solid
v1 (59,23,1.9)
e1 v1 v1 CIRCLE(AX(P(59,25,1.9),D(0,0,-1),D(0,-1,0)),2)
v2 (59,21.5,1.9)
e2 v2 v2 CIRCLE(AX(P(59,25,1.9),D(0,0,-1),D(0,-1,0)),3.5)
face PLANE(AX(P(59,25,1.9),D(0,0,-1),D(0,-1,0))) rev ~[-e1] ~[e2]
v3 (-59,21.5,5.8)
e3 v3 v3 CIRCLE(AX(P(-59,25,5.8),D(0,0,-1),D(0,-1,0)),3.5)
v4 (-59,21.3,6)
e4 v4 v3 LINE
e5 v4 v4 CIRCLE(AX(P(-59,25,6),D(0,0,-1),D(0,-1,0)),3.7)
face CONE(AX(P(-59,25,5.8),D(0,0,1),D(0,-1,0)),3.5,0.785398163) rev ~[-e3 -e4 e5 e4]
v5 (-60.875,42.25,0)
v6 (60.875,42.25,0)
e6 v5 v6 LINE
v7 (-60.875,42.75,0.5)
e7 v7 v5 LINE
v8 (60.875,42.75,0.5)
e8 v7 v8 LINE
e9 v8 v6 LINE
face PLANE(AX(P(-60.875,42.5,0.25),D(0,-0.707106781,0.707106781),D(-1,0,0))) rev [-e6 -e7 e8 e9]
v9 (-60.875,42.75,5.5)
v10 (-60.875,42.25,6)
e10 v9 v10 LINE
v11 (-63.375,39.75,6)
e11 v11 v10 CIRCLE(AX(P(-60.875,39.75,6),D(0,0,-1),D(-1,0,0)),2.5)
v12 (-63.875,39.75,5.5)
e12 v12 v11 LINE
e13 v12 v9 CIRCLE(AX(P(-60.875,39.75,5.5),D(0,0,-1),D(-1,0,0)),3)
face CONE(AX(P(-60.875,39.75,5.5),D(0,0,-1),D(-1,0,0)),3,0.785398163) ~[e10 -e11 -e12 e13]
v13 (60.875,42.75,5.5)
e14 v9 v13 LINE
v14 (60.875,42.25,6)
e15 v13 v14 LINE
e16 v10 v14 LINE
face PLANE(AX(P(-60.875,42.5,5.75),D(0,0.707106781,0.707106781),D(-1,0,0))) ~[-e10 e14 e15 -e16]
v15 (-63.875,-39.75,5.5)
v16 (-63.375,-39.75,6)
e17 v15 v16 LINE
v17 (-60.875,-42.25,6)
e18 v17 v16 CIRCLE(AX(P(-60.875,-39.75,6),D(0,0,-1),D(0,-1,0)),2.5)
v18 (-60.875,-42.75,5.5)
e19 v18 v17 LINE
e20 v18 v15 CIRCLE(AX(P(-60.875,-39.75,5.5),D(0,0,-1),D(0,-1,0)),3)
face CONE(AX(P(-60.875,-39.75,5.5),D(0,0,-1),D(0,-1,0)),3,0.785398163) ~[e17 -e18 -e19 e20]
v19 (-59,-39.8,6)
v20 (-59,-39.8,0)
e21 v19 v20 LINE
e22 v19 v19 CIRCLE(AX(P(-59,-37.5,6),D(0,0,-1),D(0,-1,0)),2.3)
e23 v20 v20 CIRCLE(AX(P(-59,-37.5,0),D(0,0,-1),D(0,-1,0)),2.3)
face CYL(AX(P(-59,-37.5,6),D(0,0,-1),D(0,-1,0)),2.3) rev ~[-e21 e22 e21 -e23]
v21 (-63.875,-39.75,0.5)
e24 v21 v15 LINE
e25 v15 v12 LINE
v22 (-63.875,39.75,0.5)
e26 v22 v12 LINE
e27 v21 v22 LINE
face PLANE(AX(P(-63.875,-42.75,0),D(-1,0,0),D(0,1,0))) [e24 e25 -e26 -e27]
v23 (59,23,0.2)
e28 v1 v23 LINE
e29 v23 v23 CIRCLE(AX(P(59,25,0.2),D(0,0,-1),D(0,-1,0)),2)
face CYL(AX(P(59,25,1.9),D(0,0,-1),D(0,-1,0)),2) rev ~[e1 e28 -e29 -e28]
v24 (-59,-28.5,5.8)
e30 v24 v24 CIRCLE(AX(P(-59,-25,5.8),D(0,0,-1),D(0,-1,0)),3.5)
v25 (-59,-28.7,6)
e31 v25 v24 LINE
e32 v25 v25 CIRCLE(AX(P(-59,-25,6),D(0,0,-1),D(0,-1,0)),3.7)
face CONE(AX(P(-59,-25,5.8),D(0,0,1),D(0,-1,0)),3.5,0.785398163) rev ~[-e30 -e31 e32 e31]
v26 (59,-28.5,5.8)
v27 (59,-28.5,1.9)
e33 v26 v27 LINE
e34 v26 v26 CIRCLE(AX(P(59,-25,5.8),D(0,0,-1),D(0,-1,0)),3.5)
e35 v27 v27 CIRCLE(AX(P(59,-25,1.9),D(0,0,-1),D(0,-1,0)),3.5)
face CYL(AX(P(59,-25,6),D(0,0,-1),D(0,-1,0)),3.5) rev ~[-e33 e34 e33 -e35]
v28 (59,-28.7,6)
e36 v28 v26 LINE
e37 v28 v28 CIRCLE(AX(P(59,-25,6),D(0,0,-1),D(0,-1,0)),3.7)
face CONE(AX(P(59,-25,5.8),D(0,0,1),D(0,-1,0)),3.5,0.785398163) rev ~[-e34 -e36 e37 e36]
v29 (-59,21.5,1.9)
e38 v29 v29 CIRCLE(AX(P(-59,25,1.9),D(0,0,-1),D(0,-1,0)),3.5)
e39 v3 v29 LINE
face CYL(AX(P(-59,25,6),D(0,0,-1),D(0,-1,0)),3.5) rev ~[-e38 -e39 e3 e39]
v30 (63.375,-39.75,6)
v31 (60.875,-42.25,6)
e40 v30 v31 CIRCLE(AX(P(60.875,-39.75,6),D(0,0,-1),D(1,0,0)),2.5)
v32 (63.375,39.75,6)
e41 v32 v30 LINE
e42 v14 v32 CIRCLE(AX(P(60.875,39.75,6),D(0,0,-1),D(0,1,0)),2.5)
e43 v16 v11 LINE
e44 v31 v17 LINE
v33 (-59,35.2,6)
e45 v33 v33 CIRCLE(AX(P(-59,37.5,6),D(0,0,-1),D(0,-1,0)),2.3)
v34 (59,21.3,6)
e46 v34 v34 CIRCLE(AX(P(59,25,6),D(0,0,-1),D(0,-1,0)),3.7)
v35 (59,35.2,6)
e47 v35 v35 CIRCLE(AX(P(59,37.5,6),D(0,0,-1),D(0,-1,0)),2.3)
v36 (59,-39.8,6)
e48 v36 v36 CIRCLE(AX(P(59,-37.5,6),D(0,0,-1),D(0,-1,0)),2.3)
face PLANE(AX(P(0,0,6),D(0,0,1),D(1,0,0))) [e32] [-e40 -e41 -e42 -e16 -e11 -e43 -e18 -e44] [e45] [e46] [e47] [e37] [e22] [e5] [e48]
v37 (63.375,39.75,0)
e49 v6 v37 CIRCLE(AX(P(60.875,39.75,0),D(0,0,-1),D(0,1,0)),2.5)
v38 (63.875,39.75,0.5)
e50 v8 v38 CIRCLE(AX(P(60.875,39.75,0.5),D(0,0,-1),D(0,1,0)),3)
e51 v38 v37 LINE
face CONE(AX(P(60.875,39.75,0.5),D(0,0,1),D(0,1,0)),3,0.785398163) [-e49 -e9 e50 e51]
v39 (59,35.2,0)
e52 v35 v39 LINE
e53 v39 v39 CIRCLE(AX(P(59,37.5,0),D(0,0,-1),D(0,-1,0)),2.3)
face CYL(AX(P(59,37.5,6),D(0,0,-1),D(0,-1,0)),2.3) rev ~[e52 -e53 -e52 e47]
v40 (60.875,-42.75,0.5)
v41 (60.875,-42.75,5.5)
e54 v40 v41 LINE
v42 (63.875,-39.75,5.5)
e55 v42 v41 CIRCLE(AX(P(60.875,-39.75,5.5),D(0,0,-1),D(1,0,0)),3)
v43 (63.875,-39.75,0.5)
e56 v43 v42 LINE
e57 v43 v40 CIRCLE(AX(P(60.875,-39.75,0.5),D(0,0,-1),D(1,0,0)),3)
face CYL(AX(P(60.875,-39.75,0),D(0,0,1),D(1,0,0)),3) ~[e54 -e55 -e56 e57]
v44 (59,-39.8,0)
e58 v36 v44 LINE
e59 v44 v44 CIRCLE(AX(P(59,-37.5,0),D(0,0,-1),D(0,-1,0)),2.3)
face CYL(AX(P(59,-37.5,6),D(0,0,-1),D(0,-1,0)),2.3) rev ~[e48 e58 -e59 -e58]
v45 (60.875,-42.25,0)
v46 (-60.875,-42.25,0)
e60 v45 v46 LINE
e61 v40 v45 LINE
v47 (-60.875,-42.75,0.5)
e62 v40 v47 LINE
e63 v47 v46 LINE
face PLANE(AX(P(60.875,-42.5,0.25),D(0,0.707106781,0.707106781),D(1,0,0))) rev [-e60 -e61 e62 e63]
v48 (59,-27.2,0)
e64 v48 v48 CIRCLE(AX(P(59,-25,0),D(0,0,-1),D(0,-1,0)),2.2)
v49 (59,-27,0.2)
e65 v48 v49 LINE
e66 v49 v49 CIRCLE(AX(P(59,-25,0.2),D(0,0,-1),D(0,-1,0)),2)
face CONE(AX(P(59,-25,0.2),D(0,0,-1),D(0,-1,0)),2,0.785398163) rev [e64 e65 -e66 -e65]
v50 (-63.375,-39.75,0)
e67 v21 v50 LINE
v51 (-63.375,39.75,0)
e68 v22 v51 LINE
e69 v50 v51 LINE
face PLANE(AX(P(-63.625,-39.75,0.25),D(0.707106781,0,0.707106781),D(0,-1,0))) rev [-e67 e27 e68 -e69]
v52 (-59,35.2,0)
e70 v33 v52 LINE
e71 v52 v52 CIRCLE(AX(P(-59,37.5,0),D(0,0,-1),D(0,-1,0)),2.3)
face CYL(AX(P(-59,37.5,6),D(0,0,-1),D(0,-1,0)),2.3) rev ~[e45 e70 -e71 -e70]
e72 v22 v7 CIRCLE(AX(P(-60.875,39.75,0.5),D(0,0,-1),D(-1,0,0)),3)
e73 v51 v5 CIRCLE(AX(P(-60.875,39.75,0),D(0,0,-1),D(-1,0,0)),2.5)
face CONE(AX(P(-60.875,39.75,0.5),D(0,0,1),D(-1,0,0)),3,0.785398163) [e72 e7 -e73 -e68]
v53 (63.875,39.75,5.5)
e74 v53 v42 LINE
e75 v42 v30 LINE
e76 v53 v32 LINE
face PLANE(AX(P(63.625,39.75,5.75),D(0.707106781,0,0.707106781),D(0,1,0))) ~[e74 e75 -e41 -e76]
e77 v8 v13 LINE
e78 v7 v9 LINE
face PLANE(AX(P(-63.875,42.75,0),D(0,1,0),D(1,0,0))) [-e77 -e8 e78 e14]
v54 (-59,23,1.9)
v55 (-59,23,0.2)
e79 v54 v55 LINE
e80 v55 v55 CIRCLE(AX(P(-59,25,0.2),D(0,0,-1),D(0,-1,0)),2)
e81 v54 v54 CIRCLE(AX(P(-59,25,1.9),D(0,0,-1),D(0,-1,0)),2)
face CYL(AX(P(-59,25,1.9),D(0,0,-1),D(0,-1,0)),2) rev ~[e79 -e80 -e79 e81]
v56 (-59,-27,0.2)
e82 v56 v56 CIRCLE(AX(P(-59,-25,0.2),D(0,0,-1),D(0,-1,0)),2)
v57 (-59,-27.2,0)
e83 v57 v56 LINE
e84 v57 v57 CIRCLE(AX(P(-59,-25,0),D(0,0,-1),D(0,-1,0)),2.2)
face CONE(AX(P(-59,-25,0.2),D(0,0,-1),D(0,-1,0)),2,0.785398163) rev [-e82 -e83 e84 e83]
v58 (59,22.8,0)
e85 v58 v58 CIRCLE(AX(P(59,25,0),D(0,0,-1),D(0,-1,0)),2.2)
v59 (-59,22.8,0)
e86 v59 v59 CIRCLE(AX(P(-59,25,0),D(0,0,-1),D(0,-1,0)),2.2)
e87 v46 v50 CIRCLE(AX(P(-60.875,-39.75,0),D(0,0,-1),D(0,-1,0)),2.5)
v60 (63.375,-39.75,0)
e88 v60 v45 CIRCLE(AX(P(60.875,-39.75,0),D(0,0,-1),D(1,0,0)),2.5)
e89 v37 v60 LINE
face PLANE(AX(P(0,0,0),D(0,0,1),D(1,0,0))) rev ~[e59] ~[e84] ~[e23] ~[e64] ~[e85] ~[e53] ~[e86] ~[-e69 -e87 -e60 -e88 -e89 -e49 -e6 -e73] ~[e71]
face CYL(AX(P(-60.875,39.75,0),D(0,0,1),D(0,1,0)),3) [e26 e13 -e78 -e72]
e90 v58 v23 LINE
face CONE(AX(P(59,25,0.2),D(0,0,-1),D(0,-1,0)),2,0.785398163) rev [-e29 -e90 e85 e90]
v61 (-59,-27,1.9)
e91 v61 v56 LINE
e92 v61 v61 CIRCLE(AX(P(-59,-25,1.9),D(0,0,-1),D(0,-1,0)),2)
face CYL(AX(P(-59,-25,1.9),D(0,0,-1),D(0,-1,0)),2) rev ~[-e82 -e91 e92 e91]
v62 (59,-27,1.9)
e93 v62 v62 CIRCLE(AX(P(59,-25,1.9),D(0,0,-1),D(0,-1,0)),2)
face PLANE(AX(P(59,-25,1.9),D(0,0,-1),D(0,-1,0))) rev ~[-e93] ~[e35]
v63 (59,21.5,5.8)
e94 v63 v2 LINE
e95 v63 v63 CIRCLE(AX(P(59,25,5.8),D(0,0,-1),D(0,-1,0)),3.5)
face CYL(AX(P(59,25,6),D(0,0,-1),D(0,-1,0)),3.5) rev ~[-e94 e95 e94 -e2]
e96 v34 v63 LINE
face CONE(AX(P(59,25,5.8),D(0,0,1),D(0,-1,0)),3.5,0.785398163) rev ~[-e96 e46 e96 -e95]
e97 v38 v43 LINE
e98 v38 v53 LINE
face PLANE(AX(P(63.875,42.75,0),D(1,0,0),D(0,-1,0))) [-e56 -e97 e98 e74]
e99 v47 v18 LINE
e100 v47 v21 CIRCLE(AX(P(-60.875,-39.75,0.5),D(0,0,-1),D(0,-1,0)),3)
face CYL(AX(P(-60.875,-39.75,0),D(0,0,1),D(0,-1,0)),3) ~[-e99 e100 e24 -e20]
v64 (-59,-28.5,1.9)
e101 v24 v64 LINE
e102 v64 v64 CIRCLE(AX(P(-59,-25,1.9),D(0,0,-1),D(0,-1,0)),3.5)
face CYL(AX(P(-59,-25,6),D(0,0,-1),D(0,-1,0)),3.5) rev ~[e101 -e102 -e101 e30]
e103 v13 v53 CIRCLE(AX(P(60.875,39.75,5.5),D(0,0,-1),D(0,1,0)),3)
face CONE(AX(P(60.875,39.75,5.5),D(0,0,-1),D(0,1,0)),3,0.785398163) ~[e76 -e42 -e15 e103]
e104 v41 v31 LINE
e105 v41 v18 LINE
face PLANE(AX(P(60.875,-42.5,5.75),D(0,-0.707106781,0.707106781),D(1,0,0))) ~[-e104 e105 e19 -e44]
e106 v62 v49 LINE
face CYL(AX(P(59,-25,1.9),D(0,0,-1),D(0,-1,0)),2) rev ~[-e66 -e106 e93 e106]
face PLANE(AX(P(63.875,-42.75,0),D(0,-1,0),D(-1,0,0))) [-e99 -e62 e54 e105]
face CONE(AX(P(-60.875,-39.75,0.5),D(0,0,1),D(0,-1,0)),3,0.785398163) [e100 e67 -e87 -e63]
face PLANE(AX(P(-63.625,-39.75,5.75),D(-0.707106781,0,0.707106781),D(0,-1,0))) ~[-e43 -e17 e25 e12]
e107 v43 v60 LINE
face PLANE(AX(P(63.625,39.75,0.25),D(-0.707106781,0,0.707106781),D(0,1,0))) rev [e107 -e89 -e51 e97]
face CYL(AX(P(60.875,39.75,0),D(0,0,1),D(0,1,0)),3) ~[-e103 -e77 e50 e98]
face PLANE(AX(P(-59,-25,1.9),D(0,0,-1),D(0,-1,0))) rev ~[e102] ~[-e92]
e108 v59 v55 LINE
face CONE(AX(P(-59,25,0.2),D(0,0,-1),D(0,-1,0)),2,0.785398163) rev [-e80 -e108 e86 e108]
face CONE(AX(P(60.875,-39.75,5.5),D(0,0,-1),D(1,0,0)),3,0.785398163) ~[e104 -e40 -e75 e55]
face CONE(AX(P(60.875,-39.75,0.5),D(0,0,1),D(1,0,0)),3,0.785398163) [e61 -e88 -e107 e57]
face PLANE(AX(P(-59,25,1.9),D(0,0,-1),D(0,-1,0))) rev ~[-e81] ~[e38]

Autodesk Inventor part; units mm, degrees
ref_plane "YZ Plane" through (0, 0, 0) normal (1, 0, 0) x (0, 1, 0)
ref_plane "XZ Plane" through (0, 0, 0) normal (0, 1, 0) x (-1, 0, 0)
ref_plane "XY Plane" through (0, 0, 0) normal (0, 0, 1) x (1, 0, 0)
sketch "Sketch1" plane through (0, 0, 0) normal (0, 0, 1) x (1, 0, 0)
  line L0 (-63.875, 42.75) -> (63.875, 42.75)
  line L1 (63.875, 42.75) -> (63.875, -42.75)
  line L2 (63.875, -42.75) -> (-63.875, -42.75)
  line L3 (-63.875, -42.75) -> (-63.875, 42.75)
  line L4 (-63.875, 42.75) -> (63.875, -42.75) construction
  line L5 (63.875, 42.75) -> (-63.875, -42.75) construction
  point P0 (0, 0)
  dimension "d0" = 85.5
  dimension "d1" = 127.75
extrude "Extrusion1" add sketch "Sketch1" along normal blind 6
sketch "Sketch2" plane through (0, 0, 6) normal (0, 0, 1) x (1, 0, 0)
  point P0 (0, 0)
  point P1 (-59, 25)
  point P2 (-59, -25)
  point P3 (59, -25)
  point P4 (59, 25)
  dimension "d4" = 59
  dimension "d5" = 25
  dimension "d6" = 25
  dimension "d7" = 59
fillet "Fillet1" radius 3 4 edges at (-63.875, 42.75, 3) (-63.875, -42.75, 3) (63.875, -42.75, 3) (63.875, 42.75, 3)
hole "Hole1" at (-59, 25, 6) at (-59, -25, 6) at (59, -25, 6) at (59, 25, 6) direction (0, 0, -1) diameter 4 end through all counterbore diameter 7 counterbore depth 4.1
chamfer "Chamfer1" distance 0.5 angle 45 16 edges at (0, 42.75, 0) (-62.9963, 41.8713, 0) (-63.875, 0, 0) (-62.9963, -41.8713, 0) (0, -42.75, 0) (62.9963, -41.8713, 0) (63.875, 0, 0) (62.9963, 41.8713, 0) (0, 42.75, 6) (-62.9963, 41.8713, 6) (-63.875, 0, 6) (-62.9963, -41.8713, 6) (0, -42.75, 6) (62.9963, -41.8713, 6) (63.875, 0, 6) (62.9963, 41.8713, 6)
chamfer "Chamfer2" distance 0.2 angle 45 8 edges at (-59, -21.5, 6) (59, -21.5, 6) (-59, 28.5, 6) (59, 28.5, 6) (-59, -23, 0) (59, -23, 0) (-59, 27, 0) (59, 27, 0)
sketch "Sketch3" plane through (0, 0, 6) normal (0, 0, 1) x (1, 0, 0)
  arc A0 (-60.875, 42.75) -> (-63.875, 39.75) centre (-60.875, 39.75) ccw projected
  arc A1 (63.875, 39.75) -> (60.875, 42.75) centre (60.875, 39.75) ccw projected
  arc A2 (60.875, -42.75) -> (63.875, -39.75) centre (60.875, -39.75) ccw projected
  arc A3 (-63.875, -39.75) -> (-60.875, -42.75) centre (-60.875, -39.75) ccw projected
  point P0 (0, 0)
  point P1 (-59, -37.5)
  point P2 (-59, 37.5)
  point P3 (59, 37.5)
  point P4 (59, -37.5)
  dimension "d29" = 37.5
  dimension "d30" = 37.5
hole "Hole2" at (-59, 37.5, 6) at (59, -37.5, 6) at (59, 37.5, 6) at (-59, -37.5, 6) direction (0, 0, -1) diameter 4.6 end through all
properties part number "Conecting plate 1" material "Aluminum 6061"
